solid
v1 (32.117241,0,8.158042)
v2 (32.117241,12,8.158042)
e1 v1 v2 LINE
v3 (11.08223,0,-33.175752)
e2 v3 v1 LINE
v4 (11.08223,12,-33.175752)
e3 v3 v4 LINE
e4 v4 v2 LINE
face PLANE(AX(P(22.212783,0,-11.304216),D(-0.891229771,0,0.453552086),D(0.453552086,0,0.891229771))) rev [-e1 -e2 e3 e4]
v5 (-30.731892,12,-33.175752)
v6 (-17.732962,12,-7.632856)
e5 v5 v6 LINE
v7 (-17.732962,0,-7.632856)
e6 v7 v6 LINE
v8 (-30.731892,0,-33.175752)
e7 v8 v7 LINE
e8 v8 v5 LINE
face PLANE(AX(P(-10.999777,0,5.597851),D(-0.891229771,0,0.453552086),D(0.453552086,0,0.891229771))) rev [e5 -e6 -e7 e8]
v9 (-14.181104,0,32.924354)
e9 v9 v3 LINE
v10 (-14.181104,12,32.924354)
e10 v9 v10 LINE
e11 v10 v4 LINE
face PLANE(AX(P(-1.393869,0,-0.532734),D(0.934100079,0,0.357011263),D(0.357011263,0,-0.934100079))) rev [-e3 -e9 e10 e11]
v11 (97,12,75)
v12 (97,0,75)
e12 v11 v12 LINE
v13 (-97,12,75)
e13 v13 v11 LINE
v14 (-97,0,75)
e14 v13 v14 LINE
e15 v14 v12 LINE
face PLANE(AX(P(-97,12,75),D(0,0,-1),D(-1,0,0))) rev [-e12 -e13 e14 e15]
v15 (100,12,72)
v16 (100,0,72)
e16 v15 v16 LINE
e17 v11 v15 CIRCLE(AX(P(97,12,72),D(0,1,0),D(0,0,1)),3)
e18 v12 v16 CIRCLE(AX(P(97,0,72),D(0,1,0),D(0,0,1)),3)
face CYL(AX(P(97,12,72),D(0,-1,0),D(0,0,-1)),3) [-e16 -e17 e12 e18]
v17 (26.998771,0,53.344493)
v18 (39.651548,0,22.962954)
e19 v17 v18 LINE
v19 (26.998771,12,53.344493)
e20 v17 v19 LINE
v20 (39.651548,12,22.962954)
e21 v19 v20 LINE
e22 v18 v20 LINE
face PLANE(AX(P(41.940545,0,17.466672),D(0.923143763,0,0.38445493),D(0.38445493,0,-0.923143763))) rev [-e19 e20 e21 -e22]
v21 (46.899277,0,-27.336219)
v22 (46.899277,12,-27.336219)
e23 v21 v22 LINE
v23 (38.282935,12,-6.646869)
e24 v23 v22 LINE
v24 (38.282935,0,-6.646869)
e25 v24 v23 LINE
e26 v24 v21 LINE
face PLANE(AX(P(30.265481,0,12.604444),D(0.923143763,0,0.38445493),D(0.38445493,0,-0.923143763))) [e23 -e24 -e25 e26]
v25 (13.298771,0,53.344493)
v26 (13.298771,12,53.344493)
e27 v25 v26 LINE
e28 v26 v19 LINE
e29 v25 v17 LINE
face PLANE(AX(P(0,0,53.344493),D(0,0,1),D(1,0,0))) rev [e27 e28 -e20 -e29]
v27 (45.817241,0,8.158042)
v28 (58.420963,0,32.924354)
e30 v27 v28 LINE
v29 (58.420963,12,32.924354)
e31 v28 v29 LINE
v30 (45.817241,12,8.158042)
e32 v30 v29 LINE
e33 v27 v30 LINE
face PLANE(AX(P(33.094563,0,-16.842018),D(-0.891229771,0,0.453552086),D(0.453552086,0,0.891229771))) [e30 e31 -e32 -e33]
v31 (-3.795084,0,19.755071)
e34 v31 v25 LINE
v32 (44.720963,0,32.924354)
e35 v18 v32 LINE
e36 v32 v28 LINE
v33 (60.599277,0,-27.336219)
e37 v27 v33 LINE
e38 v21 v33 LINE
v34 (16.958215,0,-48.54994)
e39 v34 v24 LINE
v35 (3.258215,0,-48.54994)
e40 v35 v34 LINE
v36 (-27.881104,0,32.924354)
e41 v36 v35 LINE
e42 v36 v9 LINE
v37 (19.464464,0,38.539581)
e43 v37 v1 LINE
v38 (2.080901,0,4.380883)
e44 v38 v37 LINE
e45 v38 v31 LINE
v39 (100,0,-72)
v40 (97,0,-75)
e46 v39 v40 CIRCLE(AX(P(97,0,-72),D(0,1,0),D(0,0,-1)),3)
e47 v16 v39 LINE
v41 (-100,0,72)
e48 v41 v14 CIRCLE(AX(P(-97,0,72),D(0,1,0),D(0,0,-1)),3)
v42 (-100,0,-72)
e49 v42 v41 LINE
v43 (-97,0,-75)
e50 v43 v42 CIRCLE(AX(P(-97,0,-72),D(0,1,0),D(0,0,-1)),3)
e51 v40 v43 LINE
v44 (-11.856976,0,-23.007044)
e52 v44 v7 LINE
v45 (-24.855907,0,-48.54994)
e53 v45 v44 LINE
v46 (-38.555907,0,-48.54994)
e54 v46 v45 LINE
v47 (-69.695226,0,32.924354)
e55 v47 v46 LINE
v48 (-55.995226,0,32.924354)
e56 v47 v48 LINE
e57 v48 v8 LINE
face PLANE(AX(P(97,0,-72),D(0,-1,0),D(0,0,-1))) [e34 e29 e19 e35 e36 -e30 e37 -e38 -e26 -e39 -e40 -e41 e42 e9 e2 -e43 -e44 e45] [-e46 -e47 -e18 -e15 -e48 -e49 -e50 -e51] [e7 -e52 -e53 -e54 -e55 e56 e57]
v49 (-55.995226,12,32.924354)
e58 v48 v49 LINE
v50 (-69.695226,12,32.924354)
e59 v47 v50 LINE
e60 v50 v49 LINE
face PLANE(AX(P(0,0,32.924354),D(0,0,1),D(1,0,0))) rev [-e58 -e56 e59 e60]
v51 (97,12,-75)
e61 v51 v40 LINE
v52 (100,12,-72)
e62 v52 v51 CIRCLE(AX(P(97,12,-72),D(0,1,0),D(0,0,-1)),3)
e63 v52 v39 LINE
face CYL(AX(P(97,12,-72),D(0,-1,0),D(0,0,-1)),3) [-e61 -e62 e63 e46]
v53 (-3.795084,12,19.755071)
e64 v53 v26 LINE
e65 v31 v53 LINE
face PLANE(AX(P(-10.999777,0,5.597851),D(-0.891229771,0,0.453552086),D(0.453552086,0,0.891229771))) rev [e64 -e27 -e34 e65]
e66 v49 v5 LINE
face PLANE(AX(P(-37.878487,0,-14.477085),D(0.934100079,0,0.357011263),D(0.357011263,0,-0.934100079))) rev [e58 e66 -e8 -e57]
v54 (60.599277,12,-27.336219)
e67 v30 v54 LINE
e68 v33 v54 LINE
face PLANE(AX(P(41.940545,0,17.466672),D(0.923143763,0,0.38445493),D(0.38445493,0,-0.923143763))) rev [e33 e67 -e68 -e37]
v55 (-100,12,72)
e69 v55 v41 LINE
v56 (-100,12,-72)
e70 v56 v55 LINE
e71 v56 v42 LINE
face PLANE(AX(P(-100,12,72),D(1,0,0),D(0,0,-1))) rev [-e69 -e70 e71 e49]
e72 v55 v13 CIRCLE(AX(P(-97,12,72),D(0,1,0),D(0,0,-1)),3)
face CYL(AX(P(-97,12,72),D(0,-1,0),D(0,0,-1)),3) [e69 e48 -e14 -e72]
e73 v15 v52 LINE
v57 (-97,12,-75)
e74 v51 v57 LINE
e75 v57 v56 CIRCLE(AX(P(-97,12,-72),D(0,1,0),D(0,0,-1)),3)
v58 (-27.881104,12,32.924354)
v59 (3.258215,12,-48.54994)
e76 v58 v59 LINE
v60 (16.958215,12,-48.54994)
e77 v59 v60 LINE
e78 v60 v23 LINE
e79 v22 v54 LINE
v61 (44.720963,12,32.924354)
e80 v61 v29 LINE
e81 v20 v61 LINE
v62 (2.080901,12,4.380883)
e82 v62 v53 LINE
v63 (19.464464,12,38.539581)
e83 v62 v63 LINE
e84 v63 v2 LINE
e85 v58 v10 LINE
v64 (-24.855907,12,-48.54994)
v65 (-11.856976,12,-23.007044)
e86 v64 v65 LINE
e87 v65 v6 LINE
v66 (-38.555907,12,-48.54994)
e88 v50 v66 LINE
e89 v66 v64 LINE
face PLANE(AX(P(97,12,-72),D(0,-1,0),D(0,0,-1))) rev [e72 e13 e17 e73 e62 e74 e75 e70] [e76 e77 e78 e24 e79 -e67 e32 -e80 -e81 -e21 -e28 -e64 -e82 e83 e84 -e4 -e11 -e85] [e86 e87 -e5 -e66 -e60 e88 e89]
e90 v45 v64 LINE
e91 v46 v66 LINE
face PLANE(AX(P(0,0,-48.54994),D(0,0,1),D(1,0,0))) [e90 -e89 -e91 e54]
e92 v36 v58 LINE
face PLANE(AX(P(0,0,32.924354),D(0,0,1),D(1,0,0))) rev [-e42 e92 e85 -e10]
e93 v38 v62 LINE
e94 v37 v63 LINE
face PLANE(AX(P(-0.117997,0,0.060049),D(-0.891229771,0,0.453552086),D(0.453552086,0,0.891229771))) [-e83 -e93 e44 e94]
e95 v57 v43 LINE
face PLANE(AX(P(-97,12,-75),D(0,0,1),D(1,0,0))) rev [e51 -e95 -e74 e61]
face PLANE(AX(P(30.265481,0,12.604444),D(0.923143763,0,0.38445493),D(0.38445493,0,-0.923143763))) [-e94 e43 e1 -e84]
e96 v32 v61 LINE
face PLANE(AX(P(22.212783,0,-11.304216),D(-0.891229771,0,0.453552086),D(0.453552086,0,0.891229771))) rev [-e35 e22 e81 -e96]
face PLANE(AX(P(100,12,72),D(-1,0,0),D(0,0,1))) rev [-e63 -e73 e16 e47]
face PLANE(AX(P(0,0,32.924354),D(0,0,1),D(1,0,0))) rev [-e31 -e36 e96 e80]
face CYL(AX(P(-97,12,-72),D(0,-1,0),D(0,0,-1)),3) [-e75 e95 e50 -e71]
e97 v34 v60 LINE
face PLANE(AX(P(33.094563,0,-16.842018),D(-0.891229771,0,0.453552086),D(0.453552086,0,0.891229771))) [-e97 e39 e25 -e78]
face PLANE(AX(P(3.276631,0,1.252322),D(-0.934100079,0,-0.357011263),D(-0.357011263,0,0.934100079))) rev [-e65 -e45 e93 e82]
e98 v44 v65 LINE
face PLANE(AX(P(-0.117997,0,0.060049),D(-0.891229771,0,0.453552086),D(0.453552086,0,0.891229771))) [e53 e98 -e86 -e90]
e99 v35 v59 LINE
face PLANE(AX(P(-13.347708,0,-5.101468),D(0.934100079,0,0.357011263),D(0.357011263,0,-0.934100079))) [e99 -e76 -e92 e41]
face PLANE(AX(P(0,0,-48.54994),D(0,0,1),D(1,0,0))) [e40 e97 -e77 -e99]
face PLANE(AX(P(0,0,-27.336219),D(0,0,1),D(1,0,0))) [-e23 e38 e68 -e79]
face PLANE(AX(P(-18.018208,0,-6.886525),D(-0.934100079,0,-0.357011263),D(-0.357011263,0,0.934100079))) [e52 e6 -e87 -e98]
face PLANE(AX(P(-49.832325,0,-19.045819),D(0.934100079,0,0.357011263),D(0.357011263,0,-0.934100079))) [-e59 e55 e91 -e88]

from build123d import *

# Parameters (mm, degrees)
BOSS_EXTRUDE1_DEPTH = 12
CUT_EXTRUDE1_DEPTH  = 12


with BuildPart() as part:
    # Sketch1 → Boss-Extrude1 (new body)
    with BuildSketch(Plane(origin=(0, 0, 0), x_dir=(1, 0, 0), z_dir=(0, 1, 0))):
        with BuildLine():
            Line((-97, -75), (97, -75))
            ThreePointArc((97, -75), (99.121320344, -74.121320344), (100, -72))
            Line((100, -72), (100, 72))
            ThreePointArc((100, 72), (99.121320344, 74.121320344), (97, 75))
            Line((97, 75), (-97, 75))
            ThreePointArc((-97, 75), (-99.121320344, 74.121320344), (-100, 72))
            Line((-100, 72), (-100, -72))
            ThreePointArc((-100, -72), (-99.121320344, -74.121320344), (-97, -75))
        make_face()
    extrude(amount=BOSS_EXTRUDE1_DEPTH)

    # Sketch2 → Cut-Extrude1 (cut)
    with BuildSketch(Plane(origin=(0, 12, 0), x_dir=(1, 0, 0), z_dir=(0, 1, 0))):
        Polygon((-24.855906811, 48.549939904), (-11.856976443, 23.007043942), (-17.732961605, 7.632856116), (-30.731891973, 33.175752078), (-55.995225818, -32.924353512), (-69.695225818, -32.924353512), (-38.555906811, 48.549939904), align=None)
        Polygon((45.817241453, -8.158042149), (58.420963339, -32.924353512), (44.720963339, -32.924353512), (39.651548235, -22.962953695), (26.998770847, -53.344492874), (13.298770847, -53.344492874), (-3.795083958, -19.755071091), (2.080901204, -4.380883265), (19.464464064, -38.539581328), (32.117241453, -8.158042149), (11.082229848, 33.175752078), (-14.181103997, -32.924353512), (-27.881103997, -32.924353512), (3.25821501, 48.549939904), (16.95821501, 48.549939904), (38.28293467, 6.646869398), (46.899276911, 27.336219357), (60.599276911, 27.336219357), align=None)
    extrude(amount=-CUT_EXTRUDE1_DEPTH, mode=Mode.SUBTRACT)


solid = part.part
